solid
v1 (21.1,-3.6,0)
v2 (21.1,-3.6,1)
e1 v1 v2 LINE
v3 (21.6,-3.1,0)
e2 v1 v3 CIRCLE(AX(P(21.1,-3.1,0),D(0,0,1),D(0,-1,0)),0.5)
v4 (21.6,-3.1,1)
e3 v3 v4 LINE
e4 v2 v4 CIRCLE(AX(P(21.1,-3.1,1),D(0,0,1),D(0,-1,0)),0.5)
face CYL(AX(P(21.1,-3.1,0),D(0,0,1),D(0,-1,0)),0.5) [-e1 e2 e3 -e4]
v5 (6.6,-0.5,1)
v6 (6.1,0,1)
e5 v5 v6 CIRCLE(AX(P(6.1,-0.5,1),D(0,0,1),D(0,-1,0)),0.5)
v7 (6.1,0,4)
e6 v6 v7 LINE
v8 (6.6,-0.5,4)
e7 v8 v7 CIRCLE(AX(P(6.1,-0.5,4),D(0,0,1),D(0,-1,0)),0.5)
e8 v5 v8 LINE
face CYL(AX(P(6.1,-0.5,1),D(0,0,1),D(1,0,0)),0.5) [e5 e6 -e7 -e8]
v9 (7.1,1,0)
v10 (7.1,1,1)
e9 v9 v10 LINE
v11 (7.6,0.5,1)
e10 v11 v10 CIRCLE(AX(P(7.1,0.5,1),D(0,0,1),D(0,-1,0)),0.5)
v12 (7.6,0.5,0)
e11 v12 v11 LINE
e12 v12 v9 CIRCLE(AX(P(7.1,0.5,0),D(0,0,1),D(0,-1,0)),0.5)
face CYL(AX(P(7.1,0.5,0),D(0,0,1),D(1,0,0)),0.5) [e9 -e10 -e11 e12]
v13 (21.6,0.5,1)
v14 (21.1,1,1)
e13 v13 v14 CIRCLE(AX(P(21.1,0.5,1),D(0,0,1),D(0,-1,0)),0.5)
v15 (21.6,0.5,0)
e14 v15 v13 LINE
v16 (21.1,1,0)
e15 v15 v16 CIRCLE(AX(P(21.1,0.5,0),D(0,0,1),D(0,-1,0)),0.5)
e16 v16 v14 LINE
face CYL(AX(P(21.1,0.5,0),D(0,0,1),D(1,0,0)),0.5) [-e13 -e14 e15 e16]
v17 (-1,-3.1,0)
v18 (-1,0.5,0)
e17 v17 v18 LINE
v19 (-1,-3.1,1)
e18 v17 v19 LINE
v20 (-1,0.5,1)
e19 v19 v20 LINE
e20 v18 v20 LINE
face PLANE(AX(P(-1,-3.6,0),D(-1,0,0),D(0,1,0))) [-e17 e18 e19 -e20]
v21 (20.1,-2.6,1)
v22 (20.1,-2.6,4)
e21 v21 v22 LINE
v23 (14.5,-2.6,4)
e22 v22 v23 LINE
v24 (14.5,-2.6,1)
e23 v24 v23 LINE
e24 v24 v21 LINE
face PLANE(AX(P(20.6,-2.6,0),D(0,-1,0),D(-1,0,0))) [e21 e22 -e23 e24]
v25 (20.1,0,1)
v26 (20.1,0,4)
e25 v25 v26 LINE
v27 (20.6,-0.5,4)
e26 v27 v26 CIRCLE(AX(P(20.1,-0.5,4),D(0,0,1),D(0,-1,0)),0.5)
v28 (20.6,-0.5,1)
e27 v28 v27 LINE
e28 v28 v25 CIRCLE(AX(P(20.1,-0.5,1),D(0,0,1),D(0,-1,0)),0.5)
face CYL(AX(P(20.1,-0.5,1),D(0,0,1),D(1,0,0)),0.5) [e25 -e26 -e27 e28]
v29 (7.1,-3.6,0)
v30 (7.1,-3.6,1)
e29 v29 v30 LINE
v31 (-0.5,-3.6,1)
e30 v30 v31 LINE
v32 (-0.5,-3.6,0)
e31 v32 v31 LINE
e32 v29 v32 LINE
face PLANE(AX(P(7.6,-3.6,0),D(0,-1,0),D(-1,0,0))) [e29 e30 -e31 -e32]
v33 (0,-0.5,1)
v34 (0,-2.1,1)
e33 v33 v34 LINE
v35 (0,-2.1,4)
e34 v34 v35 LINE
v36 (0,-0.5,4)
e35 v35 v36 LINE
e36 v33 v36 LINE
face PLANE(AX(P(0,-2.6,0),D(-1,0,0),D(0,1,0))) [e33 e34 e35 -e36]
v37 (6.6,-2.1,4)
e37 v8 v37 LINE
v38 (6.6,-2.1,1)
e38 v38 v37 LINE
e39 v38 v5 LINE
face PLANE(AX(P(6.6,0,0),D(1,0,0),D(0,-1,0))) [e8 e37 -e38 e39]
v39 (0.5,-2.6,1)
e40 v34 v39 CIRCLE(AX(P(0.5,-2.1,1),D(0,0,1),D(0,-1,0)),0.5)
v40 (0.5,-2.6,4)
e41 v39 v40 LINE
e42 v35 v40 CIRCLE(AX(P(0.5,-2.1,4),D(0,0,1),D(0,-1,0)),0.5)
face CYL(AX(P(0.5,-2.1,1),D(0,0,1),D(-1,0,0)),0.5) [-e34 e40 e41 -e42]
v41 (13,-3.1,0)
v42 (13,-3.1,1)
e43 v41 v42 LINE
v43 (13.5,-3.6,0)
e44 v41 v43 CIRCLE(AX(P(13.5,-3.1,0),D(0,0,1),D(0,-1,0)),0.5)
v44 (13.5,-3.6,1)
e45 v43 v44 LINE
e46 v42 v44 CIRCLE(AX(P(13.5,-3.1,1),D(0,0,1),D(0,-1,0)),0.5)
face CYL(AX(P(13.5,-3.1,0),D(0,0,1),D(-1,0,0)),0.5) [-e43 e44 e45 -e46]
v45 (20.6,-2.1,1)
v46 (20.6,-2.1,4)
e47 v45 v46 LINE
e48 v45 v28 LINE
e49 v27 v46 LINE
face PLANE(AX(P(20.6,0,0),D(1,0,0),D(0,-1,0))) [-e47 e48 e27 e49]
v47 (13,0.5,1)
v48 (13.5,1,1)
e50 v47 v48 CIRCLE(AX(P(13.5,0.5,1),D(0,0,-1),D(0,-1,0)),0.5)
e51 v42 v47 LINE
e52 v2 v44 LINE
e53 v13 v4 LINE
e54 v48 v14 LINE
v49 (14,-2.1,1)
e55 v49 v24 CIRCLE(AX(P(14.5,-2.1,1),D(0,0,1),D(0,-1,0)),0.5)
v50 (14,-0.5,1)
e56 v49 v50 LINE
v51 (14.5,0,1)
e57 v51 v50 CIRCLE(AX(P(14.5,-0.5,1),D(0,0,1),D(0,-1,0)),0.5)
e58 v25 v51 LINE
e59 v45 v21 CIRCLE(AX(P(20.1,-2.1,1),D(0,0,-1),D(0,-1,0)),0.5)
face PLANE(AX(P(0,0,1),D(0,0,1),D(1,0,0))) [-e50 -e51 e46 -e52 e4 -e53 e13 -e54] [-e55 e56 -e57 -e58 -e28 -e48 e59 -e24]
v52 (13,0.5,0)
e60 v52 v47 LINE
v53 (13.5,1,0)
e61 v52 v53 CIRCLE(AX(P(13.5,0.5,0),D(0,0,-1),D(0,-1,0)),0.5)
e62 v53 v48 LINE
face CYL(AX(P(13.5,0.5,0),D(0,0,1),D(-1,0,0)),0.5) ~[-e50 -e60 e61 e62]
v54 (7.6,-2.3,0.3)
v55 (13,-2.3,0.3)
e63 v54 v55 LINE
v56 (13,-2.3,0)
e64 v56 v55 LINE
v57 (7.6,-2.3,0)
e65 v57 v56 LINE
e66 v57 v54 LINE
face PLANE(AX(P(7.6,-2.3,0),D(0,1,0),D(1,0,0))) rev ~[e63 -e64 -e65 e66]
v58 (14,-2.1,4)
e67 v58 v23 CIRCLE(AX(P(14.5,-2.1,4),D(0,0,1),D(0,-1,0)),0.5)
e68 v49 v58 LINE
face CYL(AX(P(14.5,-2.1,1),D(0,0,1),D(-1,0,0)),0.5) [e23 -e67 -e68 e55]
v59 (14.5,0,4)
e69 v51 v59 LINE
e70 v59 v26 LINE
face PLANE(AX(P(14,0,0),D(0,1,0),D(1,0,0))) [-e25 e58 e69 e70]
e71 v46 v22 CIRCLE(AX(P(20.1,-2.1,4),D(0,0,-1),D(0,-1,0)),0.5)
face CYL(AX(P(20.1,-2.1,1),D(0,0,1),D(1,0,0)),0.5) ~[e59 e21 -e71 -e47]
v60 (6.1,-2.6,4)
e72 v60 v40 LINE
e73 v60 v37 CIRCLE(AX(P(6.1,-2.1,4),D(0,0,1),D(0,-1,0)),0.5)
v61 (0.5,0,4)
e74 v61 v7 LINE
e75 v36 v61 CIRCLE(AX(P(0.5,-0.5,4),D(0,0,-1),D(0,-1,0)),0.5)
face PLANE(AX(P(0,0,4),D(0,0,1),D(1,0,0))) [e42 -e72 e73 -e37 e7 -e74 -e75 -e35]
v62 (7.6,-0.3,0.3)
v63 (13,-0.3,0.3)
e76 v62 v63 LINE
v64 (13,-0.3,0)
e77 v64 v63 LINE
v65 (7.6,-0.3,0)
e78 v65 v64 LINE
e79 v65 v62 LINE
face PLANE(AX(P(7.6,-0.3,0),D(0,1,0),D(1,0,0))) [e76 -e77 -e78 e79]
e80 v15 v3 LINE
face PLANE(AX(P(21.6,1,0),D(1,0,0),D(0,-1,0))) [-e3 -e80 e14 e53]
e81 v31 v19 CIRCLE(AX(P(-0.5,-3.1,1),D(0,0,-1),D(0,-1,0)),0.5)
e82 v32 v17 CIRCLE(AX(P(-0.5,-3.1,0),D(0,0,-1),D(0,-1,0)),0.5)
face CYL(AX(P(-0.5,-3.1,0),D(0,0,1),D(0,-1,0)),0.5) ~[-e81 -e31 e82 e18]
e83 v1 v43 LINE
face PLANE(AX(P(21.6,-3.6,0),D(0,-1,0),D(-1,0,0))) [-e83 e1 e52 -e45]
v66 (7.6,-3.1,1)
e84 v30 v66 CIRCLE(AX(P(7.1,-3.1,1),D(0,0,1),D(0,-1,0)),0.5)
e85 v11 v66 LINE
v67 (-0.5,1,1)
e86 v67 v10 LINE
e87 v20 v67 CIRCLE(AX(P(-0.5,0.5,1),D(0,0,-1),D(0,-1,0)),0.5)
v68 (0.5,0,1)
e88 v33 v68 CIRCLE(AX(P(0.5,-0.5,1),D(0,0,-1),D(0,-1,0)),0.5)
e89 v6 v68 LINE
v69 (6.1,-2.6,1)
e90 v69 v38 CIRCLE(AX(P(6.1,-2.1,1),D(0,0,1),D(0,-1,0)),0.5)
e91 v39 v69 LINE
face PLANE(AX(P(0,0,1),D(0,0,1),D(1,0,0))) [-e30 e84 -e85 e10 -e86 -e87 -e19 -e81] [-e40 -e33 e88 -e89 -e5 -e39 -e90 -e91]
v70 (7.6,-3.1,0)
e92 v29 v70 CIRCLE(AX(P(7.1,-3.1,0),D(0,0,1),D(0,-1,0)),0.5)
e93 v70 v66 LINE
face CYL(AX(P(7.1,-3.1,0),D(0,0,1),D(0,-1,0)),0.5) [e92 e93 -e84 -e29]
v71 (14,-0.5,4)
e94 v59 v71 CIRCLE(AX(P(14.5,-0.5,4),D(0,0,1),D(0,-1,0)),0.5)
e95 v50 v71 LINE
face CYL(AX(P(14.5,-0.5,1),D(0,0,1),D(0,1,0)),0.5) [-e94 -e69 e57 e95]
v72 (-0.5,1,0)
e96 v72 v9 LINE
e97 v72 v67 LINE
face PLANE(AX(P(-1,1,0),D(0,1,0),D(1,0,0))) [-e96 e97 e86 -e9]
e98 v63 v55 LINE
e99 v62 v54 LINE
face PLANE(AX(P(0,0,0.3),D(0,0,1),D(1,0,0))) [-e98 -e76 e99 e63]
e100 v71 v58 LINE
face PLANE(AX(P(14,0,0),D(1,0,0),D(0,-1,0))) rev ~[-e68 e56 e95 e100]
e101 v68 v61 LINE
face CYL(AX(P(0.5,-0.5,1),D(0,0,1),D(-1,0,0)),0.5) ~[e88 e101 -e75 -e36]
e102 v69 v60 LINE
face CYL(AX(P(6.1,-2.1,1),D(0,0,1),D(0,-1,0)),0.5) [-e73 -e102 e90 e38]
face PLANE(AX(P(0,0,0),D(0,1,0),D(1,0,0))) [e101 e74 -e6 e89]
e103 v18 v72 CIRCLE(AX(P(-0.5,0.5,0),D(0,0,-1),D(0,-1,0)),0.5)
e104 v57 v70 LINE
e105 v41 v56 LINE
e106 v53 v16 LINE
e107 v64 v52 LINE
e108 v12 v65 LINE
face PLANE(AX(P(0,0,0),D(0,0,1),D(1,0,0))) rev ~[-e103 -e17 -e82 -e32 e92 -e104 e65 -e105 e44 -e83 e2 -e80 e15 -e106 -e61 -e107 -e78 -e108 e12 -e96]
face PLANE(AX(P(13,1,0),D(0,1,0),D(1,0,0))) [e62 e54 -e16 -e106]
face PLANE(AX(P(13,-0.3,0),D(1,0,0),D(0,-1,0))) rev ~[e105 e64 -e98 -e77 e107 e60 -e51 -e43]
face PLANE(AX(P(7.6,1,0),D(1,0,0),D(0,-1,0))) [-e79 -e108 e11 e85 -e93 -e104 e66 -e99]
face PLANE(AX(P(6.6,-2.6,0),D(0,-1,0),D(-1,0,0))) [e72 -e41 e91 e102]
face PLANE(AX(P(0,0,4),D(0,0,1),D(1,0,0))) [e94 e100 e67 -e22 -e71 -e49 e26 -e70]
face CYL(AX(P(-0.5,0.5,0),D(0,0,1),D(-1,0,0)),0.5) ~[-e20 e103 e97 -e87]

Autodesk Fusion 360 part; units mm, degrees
sketch "草图1" plane through (0, 0, 0) normal (0, 0, 1) x (1, 0, 0)
  line L0 (20.6, 0) -> (20.6, -2.6)
  line L1 (0, -2.6) -> (0, 0)
  line L2 (6.6, 0) -> (6.6, -2.6)
  line L3 (14, 0) -> (14, -2.6)
  line L4 (0, 0) -> (6.6, 0)
  line L5 (14, 0) -> (20.6, 0)
  line L6 (20.6, -2.6) -> (14, -2.6)
  line L7 (6.6, -2.6) -> (0, -2.6)
  line L8 (7.6, -3.6) -> (-1, -3.6)
  line L9 (-1, -3.6) -> (-1, 1)
  line L10 (-1, 1) -> (7.6, 1)
  line L11 (7.6, 1) -> (7.6, -3.6)
  line L12 (21.6, -3.6) -> (13, -3.6)
  line L13 (13, 1) -> (13, -3.6)
  line L14 (13, 1) -> (21.6, 1)
  line L15 (21.6, 1) -> (21.6, -3.6)
  line L16 (7.6, -0.3) -> (13, -0.3)
  line L17 (7.6, -2.3) -> (13, -2.3)
  dimension "d2" = 2.6
  dimension "d3" = 6.6
  dimension "d4" = 6.6
  dimension "d7" = -1
  dimension "d8" = -1
  dimension "d9" = 2
  dimension "d10" = 0.3
  dimension "d19" = 5.4
extrude "拉伸1" add sketch "草图1" along normal blind 1 contours L0 L3 L5 L6 | L1 L2 L4 L7 | L8 L9 L10 L11 | L12 L13 L14 L15 makes body 1 at (1.8667, -0.5333, 0) makes body 2 at (15.8667, -0.5333, 0)
extrude "拉伸2" add sketch "草图1" along normal blind 0.3 contours L11 L13 L16 L17 bodies 1 2
extrude "拉伸3" add sketch "草图1" along normal blind 4 contours L0 L3 L5 L6 | L1 L2 L4 L7 bodies 1
fillet "圆角1" radius 0.5 16 edges at (6.6, -2.6, 2.5) (6.6, 0, 2.5) (0, 0, 2.5) (0, -2.6, 2.5) (-1, -3.6, 0.5) (-1, 1, 0.5) (7.6, 1, 0.5) (7.6, -3.6, 0.5) (14, -2.6, 2.5) (13, -3.6, 0.5) (13, 1, 0.5) (21.6, -3.6, 0.5) (21.6, 1, 0.5) (20.6, 0, 2.5) (20.6, -2.6, 2.5) (14, 0, 2.5) on bodies 1
